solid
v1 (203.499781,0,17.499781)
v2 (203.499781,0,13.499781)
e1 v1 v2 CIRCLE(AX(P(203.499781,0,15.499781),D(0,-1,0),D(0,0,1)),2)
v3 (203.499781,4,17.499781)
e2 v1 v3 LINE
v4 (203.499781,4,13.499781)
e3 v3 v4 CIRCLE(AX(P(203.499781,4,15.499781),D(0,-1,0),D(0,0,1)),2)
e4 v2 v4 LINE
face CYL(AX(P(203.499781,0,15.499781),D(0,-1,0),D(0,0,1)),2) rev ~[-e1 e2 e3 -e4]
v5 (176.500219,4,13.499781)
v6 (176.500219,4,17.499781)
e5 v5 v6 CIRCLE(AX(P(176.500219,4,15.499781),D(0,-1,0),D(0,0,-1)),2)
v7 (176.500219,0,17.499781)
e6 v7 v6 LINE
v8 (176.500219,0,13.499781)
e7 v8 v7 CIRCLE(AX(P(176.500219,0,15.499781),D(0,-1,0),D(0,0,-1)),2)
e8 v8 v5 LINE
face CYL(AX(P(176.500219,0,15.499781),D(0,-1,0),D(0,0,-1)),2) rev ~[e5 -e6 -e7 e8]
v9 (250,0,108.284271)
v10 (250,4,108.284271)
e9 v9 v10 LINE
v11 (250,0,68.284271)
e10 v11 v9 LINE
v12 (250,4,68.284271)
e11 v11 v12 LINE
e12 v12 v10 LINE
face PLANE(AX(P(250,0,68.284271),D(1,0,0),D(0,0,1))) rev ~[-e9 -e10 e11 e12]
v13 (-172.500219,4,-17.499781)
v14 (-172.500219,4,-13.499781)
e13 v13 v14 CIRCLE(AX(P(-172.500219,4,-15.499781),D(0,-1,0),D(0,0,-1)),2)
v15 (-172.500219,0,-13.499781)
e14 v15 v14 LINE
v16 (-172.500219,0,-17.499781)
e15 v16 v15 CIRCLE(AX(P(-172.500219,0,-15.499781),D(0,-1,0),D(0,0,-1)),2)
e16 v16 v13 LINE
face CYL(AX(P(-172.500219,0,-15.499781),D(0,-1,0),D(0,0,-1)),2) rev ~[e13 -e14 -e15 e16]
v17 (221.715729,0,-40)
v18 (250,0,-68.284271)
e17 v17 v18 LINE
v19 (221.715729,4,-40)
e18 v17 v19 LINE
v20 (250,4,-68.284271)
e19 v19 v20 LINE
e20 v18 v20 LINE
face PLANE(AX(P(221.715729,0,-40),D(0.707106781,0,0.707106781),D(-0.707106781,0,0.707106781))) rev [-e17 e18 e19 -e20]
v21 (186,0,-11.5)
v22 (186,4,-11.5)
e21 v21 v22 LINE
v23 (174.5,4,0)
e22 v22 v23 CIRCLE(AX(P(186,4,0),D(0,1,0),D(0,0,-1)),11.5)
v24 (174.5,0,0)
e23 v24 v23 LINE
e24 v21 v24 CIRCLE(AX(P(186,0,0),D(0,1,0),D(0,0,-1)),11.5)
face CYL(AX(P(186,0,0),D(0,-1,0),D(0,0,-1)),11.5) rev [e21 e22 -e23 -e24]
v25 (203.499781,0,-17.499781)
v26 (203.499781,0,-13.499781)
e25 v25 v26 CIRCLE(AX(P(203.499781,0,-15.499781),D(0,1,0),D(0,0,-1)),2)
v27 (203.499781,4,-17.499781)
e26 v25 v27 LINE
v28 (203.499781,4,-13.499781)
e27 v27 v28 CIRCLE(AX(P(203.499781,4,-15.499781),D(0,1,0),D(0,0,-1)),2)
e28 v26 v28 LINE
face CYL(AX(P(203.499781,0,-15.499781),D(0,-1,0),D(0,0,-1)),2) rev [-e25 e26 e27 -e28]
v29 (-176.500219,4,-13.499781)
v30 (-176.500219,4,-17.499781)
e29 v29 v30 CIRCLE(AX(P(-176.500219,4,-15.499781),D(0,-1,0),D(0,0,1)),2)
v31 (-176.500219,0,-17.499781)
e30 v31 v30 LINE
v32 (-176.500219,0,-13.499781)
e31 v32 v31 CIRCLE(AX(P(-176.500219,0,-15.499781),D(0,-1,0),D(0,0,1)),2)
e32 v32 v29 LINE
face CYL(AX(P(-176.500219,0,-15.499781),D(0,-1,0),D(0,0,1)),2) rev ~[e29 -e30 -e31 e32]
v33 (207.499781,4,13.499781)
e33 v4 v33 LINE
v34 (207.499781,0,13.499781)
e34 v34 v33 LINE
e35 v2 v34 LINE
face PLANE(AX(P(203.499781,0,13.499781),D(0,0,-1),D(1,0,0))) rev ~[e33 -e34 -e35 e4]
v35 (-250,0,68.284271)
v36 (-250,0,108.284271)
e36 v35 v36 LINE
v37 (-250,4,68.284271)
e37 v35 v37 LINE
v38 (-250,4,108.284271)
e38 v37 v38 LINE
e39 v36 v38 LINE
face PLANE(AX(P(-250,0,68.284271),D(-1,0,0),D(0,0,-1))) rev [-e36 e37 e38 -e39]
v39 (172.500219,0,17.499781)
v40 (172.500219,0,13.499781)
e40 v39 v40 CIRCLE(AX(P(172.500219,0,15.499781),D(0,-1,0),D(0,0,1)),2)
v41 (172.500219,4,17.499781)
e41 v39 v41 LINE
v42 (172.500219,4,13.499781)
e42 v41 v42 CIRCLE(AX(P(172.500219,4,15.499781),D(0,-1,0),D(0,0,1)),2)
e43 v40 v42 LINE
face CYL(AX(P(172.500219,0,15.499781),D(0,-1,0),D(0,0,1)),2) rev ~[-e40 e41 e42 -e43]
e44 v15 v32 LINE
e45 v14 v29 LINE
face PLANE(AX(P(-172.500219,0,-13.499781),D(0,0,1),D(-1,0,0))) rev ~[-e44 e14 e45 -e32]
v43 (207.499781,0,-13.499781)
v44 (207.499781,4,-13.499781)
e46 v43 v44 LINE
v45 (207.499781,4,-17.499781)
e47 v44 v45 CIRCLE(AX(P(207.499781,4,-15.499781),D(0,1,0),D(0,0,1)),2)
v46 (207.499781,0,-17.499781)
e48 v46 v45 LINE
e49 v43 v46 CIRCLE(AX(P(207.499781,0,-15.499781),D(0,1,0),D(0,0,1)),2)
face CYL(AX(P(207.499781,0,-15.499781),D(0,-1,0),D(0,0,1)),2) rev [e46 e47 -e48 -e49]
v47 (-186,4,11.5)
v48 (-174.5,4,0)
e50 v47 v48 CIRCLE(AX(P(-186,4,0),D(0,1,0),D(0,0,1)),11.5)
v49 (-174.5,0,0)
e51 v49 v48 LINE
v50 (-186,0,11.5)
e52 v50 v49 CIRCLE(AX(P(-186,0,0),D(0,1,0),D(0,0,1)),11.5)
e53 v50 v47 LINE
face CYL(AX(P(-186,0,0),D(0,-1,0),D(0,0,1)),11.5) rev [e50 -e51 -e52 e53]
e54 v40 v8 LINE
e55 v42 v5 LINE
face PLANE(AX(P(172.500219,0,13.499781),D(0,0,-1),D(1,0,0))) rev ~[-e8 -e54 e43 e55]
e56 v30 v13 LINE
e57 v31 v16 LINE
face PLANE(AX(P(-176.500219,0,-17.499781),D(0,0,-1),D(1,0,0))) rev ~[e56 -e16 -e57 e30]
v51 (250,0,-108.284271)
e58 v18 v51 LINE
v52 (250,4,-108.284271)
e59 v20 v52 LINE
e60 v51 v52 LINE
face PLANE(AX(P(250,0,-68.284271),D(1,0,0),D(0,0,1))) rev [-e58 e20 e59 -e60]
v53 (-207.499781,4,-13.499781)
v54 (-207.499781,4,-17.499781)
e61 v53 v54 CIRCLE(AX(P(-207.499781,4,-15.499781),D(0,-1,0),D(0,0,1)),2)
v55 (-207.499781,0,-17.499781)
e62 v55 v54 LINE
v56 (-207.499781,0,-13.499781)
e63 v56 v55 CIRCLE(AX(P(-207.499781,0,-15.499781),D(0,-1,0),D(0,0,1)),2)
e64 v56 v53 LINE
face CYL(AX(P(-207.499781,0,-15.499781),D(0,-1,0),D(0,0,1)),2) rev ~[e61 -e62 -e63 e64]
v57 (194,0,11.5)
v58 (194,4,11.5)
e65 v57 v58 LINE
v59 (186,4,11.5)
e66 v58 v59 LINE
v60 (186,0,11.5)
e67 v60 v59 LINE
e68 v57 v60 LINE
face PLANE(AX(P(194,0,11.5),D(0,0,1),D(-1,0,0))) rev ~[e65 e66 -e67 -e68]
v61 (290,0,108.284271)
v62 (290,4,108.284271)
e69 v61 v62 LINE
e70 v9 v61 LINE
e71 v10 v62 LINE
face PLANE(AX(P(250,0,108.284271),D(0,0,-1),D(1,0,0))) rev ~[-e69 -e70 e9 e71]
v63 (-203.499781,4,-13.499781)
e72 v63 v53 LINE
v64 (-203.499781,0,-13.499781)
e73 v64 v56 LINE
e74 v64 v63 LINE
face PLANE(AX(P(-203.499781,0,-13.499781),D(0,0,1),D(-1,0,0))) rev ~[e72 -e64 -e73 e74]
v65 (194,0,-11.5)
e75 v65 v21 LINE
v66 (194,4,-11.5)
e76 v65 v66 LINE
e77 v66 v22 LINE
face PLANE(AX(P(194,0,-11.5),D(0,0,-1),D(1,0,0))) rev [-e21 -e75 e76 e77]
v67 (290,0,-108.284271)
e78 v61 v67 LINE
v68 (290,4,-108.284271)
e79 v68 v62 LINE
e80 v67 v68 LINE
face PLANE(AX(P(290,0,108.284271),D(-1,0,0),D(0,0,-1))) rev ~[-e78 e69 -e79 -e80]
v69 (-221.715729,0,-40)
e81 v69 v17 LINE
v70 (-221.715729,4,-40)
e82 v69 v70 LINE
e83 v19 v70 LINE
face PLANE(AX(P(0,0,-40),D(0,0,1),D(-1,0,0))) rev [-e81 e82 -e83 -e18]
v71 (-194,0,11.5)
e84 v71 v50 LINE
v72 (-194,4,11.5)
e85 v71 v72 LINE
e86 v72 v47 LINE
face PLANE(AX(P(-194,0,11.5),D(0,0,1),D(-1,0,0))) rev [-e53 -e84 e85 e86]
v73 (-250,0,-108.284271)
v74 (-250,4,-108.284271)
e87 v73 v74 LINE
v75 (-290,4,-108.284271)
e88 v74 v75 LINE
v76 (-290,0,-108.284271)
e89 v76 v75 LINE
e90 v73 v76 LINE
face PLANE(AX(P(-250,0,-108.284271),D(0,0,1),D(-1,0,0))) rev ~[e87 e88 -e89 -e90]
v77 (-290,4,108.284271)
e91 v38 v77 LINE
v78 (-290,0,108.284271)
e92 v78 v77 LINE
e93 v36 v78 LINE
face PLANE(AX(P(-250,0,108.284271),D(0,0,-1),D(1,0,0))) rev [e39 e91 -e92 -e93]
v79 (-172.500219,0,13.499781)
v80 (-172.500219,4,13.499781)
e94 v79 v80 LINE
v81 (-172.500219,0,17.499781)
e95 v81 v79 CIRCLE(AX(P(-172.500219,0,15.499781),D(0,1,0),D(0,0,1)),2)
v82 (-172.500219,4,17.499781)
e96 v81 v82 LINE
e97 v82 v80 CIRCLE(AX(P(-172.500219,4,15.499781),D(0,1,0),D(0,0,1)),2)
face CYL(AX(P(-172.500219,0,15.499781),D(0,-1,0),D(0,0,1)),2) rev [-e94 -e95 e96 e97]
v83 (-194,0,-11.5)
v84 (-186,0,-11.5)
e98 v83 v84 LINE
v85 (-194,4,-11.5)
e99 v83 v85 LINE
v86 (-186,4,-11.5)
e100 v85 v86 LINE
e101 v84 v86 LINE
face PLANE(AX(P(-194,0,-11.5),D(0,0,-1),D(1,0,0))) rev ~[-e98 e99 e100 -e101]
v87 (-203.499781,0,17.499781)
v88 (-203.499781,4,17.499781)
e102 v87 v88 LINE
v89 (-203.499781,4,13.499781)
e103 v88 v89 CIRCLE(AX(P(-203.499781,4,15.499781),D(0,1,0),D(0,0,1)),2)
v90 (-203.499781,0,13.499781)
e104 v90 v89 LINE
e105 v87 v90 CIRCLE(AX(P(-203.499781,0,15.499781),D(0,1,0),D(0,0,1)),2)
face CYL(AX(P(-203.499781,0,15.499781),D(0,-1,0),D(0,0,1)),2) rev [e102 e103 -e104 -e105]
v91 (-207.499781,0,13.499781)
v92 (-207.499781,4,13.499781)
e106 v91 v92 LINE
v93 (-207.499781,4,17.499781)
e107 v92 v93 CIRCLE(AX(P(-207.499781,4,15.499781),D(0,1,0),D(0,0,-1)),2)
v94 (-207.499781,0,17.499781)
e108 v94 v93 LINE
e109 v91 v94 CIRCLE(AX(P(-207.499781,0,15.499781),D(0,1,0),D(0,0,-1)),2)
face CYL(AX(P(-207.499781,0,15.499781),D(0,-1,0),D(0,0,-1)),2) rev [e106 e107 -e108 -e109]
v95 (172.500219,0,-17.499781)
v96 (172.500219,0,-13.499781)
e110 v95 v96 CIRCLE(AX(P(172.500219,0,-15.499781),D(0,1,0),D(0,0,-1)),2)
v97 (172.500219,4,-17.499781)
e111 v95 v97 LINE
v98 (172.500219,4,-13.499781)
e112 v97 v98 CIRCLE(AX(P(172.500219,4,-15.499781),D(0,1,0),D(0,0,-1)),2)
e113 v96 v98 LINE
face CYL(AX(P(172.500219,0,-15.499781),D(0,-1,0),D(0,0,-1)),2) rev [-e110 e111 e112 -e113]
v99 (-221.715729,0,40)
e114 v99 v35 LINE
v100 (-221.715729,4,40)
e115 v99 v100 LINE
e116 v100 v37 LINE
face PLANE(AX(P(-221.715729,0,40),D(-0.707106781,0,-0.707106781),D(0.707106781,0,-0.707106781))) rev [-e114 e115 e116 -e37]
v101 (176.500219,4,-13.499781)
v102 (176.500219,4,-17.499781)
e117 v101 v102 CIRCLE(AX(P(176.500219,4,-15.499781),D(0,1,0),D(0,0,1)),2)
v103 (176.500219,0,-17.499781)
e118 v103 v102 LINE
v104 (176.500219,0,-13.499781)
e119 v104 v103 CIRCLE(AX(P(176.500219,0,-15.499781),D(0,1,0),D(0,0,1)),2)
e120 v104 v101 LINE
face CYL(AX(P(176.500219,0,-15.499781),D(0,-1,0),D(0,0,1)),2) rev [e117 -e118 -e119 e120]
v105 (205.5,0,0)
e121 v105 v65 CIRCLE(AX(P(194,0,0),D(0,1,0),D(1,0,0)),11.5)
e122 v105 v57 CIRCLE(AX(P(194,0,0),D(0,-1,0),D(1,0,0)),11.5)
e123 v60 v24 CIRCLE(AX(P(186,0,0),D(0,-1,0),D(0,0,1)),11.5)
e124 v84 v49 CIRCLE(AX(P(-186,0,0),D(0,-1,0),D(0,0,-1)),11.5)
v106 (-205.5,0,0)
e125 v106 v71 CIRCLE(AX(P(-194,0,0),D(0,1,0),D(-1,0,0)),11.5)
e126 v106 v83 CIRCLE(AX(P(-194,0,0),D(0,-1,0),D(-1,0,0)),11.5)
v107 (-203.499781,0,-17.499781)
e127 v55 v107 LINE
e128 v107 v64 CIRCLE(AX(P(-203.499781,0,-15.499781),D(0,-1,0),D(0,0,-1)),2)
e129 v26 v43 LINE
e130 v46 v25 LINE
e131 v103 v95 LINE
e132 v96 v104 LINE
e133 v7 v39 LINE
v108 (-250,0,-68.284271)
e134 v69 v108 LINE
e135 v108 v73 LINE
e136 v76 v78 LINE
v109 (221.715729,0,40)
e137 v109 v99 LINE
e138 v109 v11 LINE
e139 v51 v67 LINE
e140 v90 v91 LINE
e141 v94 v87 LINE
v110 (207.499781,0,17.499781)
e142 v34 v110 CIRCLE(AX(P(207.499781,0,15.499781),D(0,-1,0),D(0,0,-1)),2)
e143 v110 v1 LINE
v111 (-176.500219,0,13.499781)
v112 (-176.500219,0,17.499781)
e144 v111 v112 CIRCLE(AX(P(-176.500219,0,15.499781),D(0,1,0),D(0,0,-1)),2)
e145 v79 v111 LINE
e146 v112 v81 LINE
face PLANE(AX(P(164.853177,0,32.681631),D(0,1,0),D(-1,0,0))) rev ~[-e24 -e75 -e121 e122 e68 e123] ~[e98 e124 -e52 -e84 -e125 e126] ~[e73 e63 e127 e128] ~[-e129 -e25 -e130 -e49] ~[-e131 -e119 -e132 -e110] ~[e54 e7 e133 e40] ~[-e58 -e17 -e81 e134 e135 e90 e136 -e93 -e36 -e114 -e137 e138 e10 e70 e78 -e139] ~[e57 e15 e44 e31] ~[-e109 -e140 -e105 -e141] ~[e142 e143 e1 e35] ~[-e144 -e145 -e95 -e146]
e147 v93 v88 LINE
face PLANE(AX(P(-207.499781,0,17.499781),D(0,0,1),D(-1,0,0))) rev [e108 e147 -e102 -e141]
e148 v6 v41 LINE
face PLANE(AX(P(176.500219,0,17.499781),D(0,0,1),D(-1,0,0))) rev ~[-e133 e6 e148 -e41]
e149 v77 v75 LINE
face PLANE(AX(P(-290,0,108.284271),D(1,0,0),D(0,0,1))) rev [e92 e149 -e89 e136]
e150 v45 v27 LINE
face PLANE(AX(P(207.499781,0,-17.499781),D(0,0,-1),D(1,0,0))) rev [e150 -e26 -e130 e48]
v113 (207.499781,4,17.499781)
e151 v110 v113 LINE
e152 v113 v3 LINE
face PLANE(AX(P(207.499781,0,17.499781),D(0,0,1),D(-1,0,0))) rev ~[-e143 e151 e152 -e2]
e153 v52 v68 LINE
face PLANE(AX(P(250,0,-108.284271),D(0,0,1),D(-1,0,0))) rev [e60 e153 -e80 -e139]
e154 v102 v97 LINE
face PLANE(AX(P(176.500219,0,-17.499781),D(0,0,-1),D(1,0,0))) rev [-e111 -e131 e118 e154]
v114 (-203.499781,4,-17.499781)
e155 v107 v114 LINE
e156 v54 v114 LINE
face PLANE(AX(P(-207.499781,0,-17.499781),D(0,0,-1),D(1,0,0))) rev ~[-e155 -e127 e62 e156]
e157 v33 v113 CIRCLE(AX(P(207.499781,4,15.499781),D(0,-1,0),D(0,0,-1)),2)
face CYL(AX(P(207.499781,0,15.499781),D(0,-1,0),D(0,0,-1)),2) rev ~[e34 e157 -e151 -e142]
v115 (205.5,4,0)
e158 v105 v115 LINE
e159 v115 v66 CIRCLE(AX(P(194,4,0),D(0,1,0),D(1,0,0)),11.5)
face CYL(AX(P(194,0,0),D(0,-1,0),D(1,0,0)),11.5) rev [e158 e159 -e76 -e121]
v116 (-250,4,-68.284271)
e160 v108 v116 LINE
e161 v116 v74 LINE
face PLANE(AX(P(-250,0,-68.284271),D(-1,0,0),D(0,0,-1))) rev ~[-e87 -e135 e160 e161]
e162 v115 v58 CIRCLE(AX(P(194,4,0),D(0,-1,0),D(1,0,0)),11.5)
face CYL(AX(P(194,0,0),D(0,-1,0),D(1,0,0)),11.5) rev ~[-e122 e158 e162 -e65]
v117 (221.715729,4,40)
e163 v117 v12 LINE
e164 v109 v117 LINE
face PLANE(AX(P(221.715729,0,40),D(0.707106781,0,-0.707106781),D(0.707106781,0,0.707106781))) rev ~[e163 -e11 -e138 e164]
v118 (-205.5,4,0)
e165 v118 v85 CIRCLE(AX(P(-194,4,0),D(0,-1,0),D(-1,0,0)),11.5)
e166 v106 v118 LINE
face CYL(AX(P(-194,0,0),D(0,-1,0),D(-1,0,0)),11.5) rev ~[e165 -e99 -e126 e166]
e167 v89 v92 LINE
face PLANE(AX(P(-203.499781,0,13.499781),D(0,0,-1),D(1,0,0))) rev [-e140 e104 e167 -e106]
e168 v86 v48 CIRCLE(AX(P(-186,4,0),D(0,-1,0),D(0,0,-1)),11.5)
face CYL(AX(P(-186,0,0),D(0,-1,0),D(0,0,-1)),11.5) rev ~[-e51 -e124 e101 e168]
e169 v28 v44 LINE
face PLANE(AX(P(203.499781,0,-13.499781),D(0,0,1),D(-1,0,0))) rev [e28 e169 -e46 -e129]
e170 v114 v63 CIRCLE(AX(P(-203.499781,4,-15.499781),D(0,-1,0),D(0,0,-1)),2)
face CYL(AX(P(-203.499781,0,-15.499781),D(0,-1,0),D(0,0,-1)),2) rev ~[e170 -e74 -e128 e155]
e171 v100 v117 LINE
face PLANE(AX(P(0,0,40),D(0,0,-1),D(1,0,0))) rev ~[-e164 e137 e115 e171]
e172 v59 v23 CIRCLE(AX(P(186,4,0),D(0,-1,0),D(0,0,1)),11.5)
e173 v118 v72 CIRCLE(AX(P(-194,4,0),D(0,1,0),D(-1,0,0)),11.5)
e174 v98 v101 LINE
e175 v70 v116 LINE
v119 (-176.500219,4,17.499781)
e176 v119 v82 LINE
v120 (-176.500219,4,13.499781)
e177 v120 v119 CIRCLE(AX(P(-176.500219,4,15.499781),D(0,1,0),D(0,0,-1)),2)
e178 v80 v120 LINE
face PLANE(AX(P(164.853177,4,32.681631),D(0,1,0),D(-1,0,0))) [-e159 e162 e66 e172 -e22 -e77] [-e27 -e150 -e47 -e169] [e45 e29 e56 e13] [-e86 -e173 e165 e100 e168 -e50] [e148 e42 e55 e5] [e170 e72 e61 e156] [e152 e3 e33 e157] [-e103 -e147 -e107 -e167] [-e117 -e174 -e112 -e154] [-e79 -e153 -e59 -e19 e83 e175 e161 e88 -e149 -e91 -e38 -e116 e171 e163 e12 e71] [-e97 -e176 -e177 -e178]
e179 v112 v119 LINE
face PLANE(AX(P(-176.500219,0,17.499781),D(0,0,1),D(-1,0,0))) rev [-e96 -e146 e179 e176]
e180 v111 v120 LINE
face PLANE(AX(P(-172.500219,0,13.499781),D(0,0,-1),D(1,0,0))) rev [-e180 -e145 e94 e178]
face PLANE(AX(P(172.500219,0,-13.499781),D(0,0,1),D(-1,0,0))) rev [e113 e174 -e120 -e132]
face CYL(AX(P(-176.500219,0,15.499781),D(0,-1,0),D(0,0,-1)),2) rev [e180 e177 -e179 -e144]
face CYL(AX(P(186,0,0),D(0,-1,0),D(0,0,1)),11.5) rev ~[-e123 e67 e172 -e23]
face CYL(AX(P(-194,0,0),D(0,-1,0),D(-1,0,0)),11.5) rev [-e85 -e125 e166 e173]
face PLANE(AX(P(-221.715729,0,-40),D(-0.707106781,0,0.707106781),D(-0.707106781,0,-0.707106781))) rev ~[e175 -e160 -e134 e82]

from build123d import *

# Parameters (mm, degrees)
BOSS_EXTRUDE1_DEPTH  = 4
MIRROR6_COPY_1_DEPTH = 4
MIRROR6_COPY_2_DEPTH = 4


with BuildPart() as part:
    # Sketch1 → Boss-Extrude1 (new body)
    with BuildSketch(Plane(origin=(0, 0, 0), x_dir=(1, 0, 0), z_dir=(0, 1, 0))):
        with BuildLine():
            Line((-290, 108.284271247), (-290, 0))
            Line((-290, 0), (-205.5, 0))
            ThreePointArc((-205.5, 0), (-202.131727984, 8.131727984), (-194, 11.5))
            Line((-194, 11.5), (-186, 11.5))
            ThreePointArc((-186, 11.5), (-177.868272016, 8.131727984), (-174.5, 0))
            Line((-174.5, 0), (0, 0))
            Line((0, 0), (0, 40))
            Line((0, 40), (-221.715728753, 40))
            Line((-221.715728753, 40), (-250, 68.284271247))
            Line((-250, 68.284271247), (-250, 108.284271247))
            Line((-250, 108.284271247), (-290, 108.284271247))
        make_face()
        with BuildLine():
            ThreePointArc((-207.499780644, 13.499780644), (-209.499780644, 15.499780644), (-207.499780644, 17.499780644))
            Line((-207.499780644, 17.499780644), (-203.499780644, 17.499780644))
            ThreePointArc((-203.499780644, 17.499780644), (-201.499780644, 15.499780644), (-203.499780644, 13.499780644))
            Line((-203.499780644, 13.499780644), (-207.499780644, 13.499780644))
        make_face(mode=Mode.SUBTRACT)
        with BuildLine():
            Line((-176.500219356, 17.499780644), (-172.500219356, 17.499780644))
            ThreePointArc((-172.500219356, 17.499780644), (-170.500219356, 15.499780644), (-172.500219356, 13.499780644))
            Line((-172.500219356, 13.499780644), (-176.500219356, 13.499780644))
            ThreePointArc((-176.500219356, 13.499780644), (-178.500219356, 15.499780644), (-176.500219356, 17.499780644))
        make_face(mode=Mode.SUBTRACT)
    boss_extrude1 = extrude(amount=BOSS_EXTRUDE1_DEPTH)

    # Mirror1: Boss-Extrude1 across plane
    add(boss_extrude1.mirror(Plane(origin=(0, 4, 0), x_dir=(1, 0, 0), z_dir=(0, 0, -1))))

    # Mirror5: Boss-Extrude1 across plane
    add(boss_extrude1.mirror(Plane(origin=(0, 4, 0), x_dir=(0, 0, 1), z_dir=(1, 0, 0))))

    # Mirror6 copy 1 sketch → Mirror6 copy 1 (add)
    with BuildSketch(Plane(origin=(0, 0, 0), x_dir=(-1, 0, 0), z_dir=(0, 1, 0))):
        with BuildLine():
            Line((-290, 108.284271247), (-290, 0))
            Line((-290, 0), (-205.5, 0))
            ThreePointArc((-205.5, 0), (-202.131727984, 8.131727984), (-194, 11.5))
            Line((-194, 11.5), (-186, 11.5))
            ThreePointArc((-186, 11.5), (-177.868272016, 8.131727984), (-174.5, 0))
            Line((-174.5, 0), (0, 0))
            Line((0, 0), (0, 40))
            Line((0, 40), (-221.715728753, 40))
            Line((-221.715728753, 40), (-250, 68.284271247))
            Line((-250, 68.284271247), (-250, 108.284271247))
            Line((-250, 108.284271247), (-290, 108.284271247))
        make_face()
        with BuildLine():
            ThreePointArc((-207.499780644, 13.499780644), (-209.499780644, 15.499780644), (-207.499780644, 17.499780644))
            Line((-207.499780644, 17.499780644), (-203.499780644, 17.499780644))
            ThreePointArc((-203.499780644, 17.499780644), (-201.499780644, 15.499780644), (-203.499780644, 13.499780644))
            Line((-203.499780644, 13.499780644), (-207.499780644, 13.499780644))
        make_face(mode=Mode.SUBTRACT)
        with BuildLine():
            Line((-176.500219356, 17.499780644), (-172.500219356, 17.499780644))
            ThreePointArc((-172.500219356, 17.499780644), (-170.500219356, 15.499780644), (-172.500219356, 13.499780644))
            Line((-172.500219356, 13.499780644), (-176.500219356, 13.499780644))
            ThreePointArc((-176.500219356, 13.499780644), (-178.500219356, 15.499780644), (-176.500219356, 17.499780644))
        make_face(mode=Mode.SUBTRACT)
    extrude(amount=MIRROR6_COPY_1_DEPTH)

    # Mirror6 copy 2 sketch → Mirror6 copy 2 (add)
    with BuildSketch(Plane(origin=(0, 0, 0), x_dir=(1, 0, 0), z_dir=(0, 1, 0))):
        with BuildLine():
            Line((-290, -108.284271247), (-290, 0))
            Line((-290, 0), (-205.5, 0))
            ThreePointArc((-205.5, 0), (-202.131727984, -8.131727984), (-194, -11.5))
            Line((-194, -11.5), (-186, -11.5))
            ThreePointArc((-186, -11.5), (-177.868272016, -8.131727984), (-174.5, 0))
            Line((-174.5, 0), (0, 0))
            Line((0, 0), (0, -40))
            Line((0, -40), (-221.715728753, -40))
            Line((-221.715728753, -40), (-250, -68.284271247))
            Line((-250, -68.284271247), (-250, -108.284271247))
            Line((-250, -108.284271247), (-290, -108.284271247))
        make_face()
        with BuildLine():
            ThreePointArc((-207.499780644, -13.499780644), (-209.499780644, -15.499780644), (-207.499780644, -17.499780644))
            Line((-207.499780644, -17.499780644), (-203.499780644, -17.499780644))
            ThreePointArc((-203.499780644, -17.499780644), (-201.499780644, -15.499780644), (-203.499780644, -13.499780644))
            Line((-203.499780644, -13.499780644), (-207.499780644, -13.499780644))
        make_face(mode=Mode.SUBTRACT)
        with BuildLine():
            Line((-176.500219356, -17.499780644), (-172.500219356, -17.499780644))
            ThreePointArc((-172.500219356, -17.499780644), (-170.500219356, -15.499780644), (-172.500219356, -13.499780644))
            Line((-172.500219356, -13.499780644), (-176.500219356, -13.499780644))
            ThreePointArc((-176.500219356, -13.499780644), (-178.500219356, -15.499780644), (-176.500219356, -17.499780644))
        make_face(mode=Mode.SUBTRACT)
    extrude(amount=MIRROR6_COPY_2_DEPTH)


solid = part.part
